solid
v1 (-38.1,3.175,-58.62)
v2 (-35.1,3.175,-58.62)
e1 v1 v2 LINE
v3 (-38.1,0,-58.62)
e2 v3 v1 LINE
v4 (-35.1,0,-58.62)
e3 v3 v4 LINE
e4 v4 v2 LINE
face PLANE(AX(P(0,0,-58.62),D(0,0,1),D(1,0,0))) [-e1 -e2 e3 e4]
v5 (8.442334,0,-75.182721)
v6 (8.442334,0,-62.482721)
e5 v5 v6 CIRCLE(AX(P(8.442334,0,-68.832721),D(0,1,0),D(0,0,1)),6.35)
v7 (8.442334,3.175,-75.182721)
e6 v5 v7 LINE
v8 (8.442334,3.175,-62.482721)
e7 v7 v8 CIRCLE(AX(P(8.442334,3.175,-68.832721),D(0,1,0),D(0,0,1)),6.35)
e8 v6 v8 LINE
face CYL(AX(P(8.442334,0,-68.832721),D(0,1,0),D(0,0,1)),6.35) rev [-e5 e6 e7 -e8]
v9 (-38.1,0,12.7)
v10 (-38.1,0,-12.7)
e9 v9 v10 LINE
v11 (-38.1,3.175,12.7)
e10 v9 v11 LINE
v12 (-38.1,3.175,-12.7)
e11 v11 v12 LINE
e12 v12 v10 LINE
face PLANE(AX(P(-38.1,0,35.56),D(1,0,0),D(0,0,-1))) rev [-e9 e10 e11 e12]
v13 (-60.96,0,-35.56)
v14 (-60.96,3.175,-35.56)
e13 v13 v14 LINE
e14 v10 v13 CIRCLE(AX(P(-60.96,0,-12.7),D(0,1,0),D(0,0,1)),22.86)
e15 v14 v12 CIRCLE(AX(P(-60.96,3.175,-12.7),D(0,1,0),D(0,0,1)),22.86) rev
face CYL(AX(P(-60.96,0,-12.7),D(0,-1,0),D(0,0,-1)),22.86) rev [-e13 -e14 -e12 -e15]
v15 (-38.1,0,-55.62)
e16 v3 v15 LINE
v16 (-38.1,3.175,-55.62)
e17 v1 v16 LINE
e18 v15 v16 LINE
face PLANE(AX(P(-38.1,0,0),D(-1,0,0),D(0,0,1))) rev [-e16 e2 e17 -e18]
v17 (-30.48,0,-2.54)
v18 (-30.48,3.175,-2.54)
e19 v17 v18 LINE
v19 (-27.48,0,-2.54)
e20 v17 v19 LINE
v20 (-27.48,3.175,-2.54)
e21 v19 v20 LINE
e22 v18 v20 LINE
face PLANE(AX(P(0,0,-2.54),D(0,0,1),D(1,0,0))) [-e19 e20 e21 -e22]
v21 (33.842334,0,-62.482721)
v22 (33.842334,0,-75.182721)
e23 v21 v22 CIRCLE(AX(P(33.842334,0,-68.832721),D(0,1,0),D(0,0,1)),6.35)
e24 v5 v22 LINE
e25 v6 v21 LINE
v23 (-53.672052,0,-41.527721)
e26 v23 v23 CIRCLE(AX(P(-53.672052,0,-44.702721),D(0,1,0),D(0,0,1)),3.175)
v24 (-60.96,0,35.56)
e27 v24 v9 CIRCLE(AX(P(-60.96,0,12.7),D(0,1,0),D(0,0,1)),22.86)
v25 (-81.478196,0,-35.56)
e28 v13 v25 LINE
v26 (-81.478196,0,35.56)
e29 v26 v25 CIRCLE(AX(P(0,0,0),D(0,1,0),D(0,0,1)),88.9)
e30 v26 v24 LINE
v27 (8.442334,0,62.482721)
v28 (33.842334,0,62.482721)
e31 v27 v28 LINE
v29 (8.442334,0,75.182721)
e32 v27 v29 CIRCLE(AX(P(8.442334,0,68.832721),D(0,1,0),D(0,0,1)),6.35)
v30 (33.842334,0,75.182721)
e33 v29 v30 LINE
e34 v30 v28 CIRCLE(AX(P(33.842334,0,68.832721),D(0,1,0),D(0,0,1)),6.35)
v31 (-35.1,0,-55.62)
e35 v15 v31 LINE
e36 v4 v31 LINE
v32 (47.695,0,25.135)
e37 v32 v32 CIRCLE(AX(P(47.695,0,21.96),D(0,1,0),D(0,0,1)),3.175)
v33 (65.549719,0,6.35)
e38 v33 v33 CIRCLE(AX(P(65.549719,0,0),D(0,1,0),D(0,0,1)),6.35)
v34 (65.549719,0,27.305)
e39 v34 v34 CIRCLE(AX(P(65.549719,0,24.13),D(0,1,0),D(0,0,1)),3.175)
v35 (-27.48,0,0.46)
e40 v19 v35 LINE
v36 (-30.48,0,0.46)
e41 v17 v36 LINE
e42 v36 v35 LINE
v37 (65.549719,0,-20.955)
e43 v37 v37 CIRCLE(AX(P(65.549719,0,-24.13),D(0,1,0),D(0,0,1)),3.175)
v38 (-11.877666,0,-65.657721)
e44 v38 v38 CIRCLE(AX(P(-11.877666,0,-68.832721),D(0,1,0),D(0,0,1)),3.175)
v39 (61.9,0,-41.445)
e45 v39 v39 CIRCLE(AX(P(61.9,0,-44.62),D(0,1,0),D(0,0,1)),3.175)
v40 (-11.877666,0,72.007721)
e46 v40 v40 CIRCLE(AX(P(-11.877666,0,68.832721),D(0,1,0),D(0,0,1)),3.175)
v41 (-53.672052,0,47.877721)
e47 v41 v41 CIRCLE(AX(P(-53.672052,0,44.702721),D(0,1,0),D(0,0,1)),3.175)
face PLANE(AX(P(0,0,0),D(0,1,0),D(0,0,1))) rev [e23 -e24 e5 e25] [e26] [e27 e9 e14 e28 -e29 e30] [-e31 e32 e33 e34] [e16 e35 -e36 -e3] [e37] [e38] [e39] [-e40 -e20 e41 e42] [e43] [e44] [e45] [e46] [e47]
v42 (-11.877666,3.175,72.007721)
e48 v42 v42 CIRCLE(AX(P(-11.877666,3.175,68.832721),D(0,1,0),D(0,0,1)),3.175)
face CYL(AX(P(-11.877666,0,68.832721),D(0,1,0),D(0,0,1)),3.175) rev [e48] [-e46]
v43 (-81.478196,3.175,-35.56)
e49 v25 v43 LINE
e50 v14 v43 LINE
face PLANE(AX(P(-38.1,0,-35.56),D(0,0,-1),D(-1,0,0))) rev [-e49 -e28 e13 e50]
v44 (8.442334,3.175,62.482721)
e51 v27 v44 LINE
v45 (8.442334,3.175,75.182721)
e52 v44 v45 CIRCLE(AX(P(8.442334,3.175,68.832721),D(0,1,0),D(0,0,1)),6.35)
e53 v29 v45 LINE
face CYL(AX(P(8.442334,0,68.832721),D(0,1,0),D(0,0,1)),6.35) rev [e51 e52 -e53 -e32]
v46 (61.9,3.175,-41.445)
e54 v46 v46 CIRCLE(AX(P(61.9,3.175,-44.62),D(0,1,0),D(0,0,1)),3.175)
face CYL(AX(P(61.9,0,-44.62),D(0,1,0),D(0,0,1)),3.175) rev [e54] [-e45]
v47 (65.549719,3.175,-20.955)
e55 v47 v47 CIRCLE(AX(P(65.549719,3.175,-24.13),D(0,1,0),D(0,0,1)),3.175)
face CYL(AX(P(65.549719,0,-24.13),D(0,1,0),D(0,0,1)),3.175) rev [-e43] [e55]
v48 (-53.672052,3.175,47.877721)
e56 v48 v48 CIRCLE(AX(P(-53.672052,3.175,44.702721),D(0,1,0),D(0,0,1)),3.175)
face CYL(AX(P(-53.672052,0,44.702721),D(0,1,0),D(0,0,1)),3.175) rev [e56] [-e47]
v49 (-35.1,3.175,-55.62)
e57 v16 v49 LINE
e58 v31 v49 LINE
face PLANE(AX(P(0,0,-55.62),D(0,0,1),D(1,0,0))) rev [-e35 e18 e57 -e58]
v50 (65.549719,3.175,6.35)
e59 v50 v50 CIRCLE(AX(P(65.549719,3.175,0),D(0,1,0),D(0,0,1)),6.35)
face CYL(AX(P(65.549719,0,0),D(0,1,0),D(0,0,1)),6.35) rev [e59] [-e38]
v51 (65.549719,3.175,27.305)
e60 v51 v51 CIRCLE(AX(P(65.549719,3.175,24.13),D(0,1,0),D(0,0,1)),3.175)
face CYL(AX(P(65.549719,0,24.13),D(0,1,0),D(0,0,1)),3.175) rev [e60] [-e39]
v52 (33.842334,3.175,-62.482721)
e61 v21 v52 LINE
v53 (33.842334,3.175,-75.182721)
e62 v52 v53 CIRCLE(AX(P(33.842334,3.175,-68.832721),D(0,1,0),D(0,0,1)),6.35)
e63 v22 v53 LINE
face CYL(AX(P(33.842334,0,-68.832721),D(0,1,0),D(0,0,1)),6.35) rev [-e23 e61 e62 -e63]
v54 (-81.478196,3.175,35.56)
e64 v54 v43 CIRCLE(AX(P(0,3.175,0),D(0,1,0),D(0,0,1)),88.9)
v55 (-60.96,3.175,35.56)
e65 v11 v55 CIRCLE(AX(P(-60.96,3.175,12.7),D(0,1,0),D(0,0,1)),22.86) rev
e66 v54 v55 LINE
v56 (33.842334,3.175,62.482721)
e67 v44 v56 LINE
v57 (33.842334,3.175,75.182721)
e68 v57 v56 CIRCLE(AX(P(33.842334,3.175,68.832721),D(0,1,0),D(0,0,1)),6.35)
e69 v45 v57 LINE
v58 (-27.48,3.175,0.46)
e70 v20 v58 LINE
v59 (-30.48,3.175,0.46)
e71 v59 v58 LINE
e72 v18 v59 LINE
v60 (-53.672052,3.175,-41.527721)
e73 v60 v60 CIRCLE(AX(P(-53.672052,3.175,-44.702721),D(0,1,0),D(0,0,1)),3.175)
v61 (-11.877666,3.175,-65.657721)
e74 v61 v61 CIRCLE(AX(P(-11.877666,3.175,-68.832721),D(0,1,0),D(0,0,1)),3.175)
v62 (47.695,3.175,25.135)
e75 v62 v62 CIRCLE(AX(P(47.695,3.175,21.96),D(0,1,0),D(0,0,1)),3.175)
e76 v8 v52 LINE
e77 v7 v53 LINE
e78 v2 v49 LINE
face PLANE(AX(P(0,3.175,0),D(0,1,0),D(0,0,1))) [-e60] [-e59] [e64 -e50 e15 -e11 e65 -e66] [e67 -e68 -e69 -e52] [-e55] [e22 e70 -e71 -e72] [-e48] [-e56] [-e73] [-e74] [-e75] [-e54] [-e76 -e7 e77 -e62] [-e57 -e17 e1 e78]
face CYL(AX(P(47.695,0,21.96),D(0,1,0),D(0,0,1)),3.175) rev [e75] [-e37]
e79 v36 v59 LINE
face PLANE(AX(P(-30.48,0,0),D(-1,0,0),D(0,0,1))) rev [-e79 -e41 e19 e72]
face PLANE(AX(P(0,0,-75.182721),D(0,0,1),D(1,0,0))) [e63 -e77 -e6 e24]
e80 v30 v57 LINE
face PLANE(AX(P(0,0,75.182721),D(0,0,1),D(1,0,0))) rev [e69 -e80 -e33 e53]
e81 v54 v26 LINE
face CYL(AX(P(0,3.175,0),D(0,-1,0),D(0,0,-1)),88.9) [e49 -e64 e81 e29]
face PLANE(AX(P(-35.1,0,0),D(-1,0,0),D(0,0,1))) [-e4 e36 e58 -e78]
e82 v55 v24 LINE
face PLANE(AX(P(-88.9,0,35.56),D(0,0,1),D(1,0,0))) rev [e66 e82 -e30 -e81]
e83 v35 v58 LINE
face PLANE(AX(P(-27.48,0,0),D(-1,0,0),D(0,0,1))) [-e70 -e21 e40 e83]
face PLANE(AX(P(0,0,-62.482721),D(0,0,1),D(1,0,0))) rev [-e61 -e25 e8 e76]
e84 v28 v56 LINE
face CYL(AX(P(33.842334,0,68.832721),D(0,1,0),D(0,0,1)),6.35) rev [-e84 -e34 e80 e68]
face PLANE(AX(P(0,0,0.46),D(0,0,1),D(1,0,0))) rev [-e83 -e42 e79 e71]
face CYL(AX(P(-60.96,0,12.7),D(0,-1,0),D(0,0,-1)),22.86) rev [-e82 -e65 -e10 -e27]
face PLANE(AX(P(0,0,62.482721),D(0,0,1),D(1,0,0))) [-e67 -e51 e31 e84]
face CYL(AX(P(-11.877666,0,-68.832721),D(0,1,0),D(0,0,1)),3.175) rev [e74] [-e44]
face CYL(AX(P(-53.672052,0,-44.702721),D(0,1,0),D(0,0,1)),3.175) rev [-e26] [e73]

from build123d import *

# Parameters (mm, degrees)
SKETCH2_R           = 88.9
BOSS_EXTRUDE1_DEPTH = 3.175
SKETCH3_R           = 3.175
SKETCH3_W           = 50.8
SKETCH3_H           = 71.12
CUT_EXTRUDE1_DEPTH  = 3.175
SKETCH5_W           = 3
SKETCH5_H           = 3
SKETCH5_R           = 3.175
CUT_EXTRUDE2_DEPTH  = 126.763669734
FILLET1_R           = 22.86
SKETCH6_R           = 6.35
CUT_EXTRUDE3_DEPTH  = 126.763669734


with BuildPart() as part:
    # Sketch2 → Boss-Extrude1 (new body)
    with BuildSketch(Plane(origin=(0, 0, 0), x_dir=(1, 0, 0), z_dir=(0, 1, 0))):
        with Locations(Location((0, 0, 0), (0, 0, 270))):
            Circle(SKETCH2_R)
    extrude(amount=BOSS_EXTRUDE1_DEPTH)

    # Sketch3 → Cut-Extrude1 (cut)
    with BuildSketch(Plane(origin=(0, 3.175, 0), x_dir=(1, 0, 0), z_dir=(0, 1, 0))):
        with Locations(Location((65.549718535, -24.13, 0), (0, 0, 270))):
            Circle(SKETCH3_R)
        with Locations(Location((65.549718535, 24.13, 0), (0, 0, 270))):
            Circle(SKETCH3_R)
        with Locations(Location((-53.672052261, 44.702721462, 0), (0, 0, 270))):
            Circle(SKETCH3_R)
        with Locations(Location((-11.877666274, 68.832721462, 0), (0, 0, 270))):
            Circle(SKETCH3_R)
        with Locations(Location((-11.877666274, -68.832721462, 0), (0, 0, 270))):
            Circle(SKETCH3_R)
        with Locations(Location((-53.672052261, -44.702721462, 0), (0, 0, 270))):
            Circle(SKETCH3_R)
        with Locations((-63.5, 0)):
            Rectangle(SKETCH3_W, SKETCH3_H)
    extrude(amount=-CUT_EXTRUDE1_DEPTH, mode=Mode.SUBTRACT)

    # Sketch5 → Cut-Extrude2 (cut, through all)
    with BuildSketch(Plane(origin=(0, 3.175, 0), x_dir=(1, 0, 0), z_dir=(0, 1, 0))):
        with Locations((-36.6, 57.12)):
            Rectangle(SKETCH5_W, SKETCH5_H)
        with Locations((-28.98, 1.04)):
            Rectangle(SKETCH5_W, SKETCH5_H)
        with Locations(Location((61.9, 44.62, 0), (0, 0, 270))):
            Circle(SKETCH5_R)
        with Locations(Location((47.695, -21.96, 0), (0, 0, 270))):
            Circle(SKETCH5_R)
    extrude(amount=-CUT_EXTRUDE2_DEPTH, mode=Mode.SUBTRACT)

    # Fillet1
    fillet1_edges = [part.edges().sort_by_distance(p)[0] for p in [
        (-38.1, 1.5875, 35.56),
        (-38.1, 1.5875, -35.56),
    ]]
    fillet(fillet1_edges, radius=FILLET1_R)

    # Sketch6 → Cut-Extrude3 (cut, through all)
    with BuildSketch(Plane(origin=(0, 3.175, 0), x_dir=(1, 0, 0), z_dir=(0, 1, 0))):
        with Locations(Location((65.549718535, 0, 0), (0, 0, 270))):
            Circle(SKETCH6_R)
        with BuildLine():
            Line((8.442333726, 75.182721462), (33.842333726, 75.182721462))
            ThreePointArc((33.842333726, 75.182721462), (40.192333726, 68.832721462), (33.842333726, 62.482721462))
            Line((33.842333726, 62.482721462), (8.442333726, 62.482721462))
            ThreePointArc((8.442333726, 62.482721462), (2.092333726, 68.832721462), (8.442333726, 75.182721462))
        make_face()
        with BuildLine():
            Line((8.442333726, -62.482721462), (33.842333726, -62.482721462))
            ThreePointArc((33.842333726, -62.482721462), (40.192333726, -68.832721462), (33.842333726, -75.182721462))
            Line((33.842333726, -75.182721462), (8.442333726, -75.182721462))
            ThreePointArc((8.442333726, -75.182721462), (2.092333726, -68.832721462), (8.442333726, -62.482721462))
        make_face()
    extrude(amount=-CUT_EXTRUDE3_DEPTH, mode=Mode.SUBTRACT)


solid = part.part
